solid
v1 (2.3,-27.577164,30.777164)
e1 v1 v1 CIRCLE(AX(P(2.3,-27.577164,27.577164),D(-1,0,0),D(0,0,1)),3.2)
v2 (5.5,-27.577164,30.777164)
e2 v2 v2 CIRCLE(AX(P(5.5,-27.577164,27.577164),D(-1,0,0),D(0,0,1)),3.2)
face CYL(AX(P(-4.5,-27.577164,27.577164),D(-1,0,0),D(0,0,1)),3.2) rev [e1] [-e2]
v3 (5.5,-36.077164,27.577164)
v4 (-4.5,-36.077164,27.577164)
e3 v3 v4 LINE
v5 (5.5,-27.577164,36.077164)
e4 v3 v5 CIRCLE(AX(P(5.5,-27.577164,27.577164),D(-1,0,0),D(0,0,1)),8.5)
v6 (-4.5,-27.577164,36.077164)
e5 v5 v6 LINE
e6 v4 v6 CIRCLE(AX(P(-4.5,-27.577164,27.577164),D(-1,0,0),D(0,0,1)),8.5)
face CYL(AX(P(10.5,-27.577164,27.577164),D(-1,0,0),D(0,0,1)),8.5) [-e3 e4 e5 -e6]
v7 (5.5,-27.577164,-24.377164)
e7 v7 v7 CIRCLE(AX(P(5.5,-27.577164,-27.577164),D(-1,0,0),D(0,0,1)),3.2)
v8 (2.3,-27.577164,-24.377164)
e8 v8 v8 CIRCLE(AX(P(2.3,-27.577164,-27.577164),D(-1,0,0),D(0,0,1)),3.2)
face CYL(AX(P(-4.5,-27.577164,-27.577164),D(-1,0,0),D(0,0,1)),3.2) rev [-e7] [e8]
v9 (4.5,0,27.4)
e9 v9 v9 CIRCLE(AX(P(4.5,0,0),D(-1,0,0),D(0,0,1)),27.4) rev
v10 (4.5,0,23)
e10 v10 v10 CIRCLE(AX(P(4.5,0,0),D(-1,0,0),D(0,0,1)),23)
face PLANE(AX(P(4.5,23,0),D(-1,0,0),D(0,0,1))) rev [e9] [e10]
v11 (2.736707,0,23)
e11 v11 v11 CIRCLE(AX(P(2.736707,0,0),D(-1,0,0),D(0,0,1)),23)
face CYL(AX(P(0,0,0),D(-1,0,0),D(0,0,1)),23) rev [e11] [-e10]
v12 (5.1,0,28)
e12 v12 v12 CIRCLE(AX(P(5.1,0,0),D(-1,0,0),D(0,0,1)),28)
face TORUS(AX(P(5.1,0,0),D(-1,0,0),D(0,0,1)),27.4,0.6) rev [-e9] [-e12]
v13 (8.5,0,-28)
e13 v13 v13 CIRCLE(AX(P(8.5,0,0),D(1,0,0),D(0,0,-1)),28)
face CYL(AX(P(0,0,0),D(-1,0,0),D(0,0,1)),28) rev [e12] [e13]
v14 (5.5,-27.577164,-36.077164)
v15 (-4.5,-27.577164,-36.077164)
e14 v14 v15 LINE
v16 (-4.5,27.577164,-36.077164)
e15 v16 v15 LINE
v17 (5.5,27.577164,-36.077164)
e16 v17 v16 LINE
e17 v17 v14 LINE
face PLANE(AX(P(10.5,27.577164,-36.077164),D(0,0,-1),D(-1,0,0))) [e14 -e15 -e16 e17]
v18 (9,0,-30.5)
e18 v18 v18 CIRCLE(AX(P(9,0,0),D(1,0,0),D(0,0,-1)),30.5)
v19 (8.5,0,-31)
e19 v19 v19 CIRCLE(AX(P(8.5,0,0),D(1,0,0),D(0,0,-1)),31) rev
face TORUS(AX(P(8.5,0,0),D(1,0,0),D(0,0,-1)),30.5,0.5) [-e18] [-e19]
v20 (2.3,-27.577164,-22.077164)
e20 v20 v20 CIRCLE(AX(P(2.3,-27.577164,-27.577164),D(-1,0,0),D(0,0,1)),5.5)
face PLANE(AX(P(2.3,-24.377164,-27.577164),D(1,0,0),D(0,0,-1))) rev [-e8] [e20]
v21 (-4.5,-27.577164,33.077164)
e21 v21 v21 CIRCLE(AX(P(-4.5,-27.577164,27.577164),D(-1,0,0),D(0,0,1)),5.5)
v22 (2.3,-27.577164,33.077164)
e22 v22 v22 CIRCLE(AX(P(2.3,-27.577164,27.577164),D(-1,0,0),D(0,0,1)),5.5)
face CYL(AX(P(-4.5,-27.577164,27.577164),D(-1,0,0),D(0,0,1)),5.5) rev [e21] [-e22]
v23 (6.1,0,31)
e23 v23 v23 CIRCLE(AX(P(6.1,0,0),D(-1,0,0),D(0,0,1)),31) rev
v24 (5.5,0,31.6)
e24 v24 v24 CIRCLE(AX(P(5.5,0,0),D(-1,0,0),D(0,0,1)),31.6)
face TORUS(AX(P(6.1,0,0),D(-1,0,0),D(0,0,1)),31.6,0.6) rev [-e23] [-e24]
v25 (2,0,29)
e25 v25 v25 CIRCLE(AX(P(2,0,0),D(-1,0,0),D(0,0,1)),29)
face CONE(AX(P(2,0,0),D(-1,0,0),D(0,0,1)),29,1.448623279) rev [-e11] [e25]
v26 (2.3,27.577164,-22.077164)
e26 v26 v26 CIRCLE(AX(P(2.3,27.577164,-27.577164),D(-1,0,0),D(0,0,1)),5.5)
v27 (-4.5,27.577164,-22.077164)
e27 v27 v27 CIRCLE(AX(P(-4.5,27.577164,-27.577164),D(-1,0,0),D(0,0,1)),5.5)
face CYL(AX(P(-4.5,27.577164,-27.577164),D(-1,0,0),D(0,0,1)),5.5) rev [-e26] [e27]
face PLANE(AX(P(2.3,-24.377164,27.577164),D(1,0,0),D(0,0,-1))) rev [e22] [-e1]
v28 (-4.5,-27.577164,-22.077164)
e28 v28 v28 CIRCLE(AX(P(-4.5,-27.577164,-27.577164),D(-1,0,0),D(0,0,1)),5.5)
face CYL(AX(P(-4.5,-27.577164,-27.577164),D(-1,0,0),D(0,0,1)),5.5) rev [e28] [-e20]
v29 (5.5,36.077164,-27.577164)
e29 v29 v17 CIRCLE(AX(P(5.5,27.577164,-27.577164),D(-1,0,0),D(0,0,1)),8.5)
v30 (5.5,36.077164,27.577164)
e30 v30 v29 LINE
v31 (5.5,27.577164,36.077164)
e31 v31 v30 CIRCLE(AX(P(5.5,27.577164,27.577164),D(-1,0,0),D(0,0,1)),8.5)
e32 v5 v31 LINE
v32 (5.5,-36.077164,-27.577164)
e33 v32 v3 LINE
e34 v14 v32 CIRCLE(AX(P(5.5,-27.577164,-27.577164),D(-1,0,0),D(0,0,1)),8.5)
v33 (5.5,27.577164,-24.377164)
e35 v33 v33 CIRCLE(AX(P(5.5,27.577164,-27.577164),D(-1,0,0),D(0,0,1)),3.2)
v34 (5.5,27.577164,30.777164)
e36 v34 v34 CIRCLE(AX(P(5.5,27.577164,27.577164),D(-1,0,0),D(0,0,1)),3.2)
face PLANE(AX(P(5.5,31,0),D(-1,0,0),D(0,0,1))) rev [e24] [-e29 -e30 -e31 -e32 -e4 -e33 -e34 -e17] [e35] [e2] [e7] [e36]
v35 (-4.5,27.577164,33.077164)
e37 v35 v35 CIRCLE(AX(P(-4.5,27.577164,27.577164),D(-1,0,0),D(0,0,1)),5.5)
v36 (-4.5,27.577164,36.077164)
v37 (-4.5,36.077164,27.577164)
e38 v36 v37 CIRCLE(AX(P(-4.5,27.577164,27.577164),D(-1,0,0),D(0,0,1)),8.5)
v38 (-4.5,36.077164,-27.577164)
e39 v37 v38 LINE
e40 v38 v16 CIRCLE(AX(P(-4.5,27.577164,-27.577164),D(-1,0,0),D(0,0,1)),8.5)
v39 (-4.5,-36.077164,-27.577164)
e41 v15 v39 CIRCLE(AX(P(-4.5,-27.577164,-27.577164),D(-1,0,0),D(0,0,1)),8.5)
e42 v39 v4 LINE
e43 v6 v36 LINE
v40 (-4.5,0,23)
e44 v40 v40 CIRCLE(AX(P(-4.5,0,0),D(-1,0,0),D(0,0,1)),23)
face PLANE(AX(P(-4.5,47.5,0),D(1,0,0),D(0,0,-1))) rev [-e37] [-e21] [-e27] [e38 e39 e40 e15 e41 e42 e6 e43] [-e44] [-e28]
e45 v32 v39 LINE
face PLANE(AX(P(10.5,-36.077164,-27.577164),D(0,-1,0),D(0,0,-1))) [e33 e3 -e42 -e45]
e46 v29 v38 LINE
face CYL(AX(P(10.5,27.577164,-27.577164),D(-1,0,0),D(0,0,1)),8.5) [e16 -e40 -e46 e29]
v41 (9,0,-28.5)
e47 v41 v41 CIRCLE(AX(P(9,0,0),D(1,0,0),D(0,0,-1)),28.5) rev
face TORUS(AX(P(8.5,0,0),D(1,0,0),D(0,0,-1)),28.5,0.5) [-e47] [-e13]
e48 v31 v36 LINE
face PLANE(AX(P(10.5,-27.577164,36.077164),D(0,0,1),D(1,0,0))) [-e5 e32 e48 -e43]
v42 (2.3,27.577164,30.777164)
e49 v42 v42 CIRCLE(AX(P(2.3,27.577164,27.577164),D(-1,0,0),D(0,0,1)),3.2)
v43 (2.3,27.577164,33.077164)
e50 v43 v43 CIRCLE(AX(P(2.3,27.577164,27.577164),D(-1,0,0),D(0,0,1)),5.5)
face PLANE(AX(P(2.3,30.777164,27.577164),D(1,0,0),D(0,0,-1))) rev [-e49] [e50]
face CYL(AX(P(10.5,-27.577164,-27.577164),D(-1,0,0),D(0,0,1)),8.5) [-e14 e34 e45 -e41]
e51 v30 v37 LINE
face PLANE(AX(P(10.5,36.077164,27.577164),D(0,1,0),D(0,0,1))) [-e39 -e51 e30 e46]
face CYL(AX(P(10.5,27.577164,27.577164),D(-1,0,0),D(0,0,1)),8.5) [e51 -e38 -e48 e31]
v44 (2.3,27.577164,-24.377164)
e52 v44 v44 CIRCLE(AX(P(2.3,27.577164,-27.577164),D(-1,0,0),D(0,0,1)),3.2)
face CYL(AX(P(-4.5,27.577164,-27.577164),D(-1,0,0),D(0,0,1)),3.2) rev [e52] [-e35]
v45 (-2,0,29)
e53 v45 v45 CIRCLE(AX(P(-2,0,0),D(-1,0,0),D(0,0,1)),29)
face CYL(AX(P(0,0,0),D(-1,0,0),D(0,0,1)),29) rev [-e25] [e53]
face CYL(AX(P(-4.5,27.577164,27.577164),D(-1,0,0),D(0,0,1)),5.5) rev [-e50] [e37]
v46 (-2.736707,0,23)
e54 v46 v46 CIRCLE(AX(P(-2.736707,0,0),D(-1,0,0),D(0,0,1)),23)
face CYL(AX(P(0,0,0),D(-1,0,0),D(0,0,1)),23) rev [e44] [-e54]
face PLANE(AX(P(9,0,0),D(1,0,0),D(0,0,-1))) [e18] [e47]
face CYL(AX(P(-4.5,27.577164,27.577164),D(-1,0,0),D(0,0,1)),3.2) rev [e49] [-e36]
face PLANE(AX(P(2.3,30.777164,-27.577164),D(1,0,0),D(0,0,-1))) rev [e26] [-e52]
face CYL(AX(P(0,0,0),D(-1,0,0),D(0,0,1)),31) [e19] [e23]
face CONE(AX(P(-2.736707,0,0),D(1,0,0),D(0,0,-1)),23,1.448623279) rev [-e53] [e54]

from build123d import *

# Parameters (mm, degrees)
HOLE_WIZARD_M61_D           = 6.4
HOLE_WIZARD_M61_CBORE_D     = 11
HOLE_WIZARD_M61_CBORE_DEPTH = 6.8
SKETCH_4_OUTSIDE_W          = 124.038
SKETCH_4_OUTSIDE_H          = 124.038
CUT_EXTRUDE_1_DEPTH         = 16
SKETCH_5_R                  = 31
CUT_EXTRUDE_2_DEPTH         = 1.5
FILLET_1_R                  = 0.6
FILLET_2_R                  = 0.5
FILLET_3_R                  = 0.6


with BuildPart() as part:
    # Эскиз1 → Повернуть1 (revolve)
    with BuildSketch(Plane.XY):
        Polygon((-4.5, 23), (-2.736707365, 23), (-2, 29), (2, 29), (2.736707365, 23), (4.5, 23), (4.5, 28), (10.5, 28), (10.5, 31), (5.5, 31), (5.5, 47.5), (-4.5, 47.5), align=None)
    revolve(axis=Axis((0, 0, 0), (1, 0, 0)))

    # Цековка для  болта с шестигранной головкой M61 (through all)
    with Locations(Plane(origin=(-4.5, 27.577164466, -27.577164466), x_dir=(0, 0, -1), z_dir=(-1, 0, 0))):
        with Locations((0, 0), (-55.154328932, 0), (-55.154328932, 55.154328932), (0, 55.154328932)):
            CounterBoreHole(HOLE_WIZARD_M61_D / 2, HOLE_WIZARD_M61_CBORE_D / 2, HOLE_WIZARD_M61_CBORE_DEPTH)

    # Эскиз4 outside → Вытянуть1 (cut, through all)
    with BuildSketch(Plane.ZY.offset(4.5)):
        Rectangle(SKETCH_4_OUTSIDE_W, SKETCH_4_OUTSIDE_H)
        with BuildLine():
            Line((-36.077164466, 27.577164466), (-36.077164466, -27.577164466))
            ThreePointArc((-36.077164466, -27.577164466), (-33.587572106, -33.587572106), (-27.577164466, -36.077164466))
            Line((-27.577164466, -36.077164466), (27.577164466, -36.077164466))
            ThreePointArc((27.577164466, -36.077164466), (33.587572106, -33.587572106), (36.077164466, -27.577164466))
            Line((36.077164466, -27.577164466), (36.077164466, 27.577164466))
            ThreePointArc((36.077164466, 27.577164466), (33.587572106, 33.587572106), (27.577164466, 36.077164466))
            Line((27.577164466, 36.077164466), (-27.577164466, 36.077164466))
            ThreePointArc((-27.577164466, 36.077164466), (-33.587572106, 33.587572106), (-36.077164466, 27.577164466))
        make_face(mode=Mode.SUBTRACT)
    extrude(amount=-CUT_EXTRUDE_1_DEPTH, mode=Mode.SUBTRACT)

    # Эскиз5 → Вытянуть2 (cut)
    with BuildSketch(Plane(origin=(10.5, 0, 0), x_dir=(0, 0, -1), z_dir=(1, 0, 0))):
        Circle(SKETCH_5_R)
    extrude(amount=-CUT_EXTRUDE_2_DEPTH, mode=Mode.SUBTRACT)

    # Скругление1
    fillet_1_edges = [part.edges().sort_by_distance(p)[0] for p in [
        (5.5, -31, 0),
    ]]
    fillet(fillet_1_edges, radius=FILLET_1_R)

    # Скругление2
    fillet_2_edges = [part.edges().sort_by_distance(p)[0] for p in [
        (9, -31, 0),
        (9, -28, 0),
    ]]
    fillet(fillet_2_edges, radius=FILLET_2_R)

    # Скругление3
    fillet_3_edges = [part.edges().sort_by_distance(p)[0] for p in [
        (4.5, -28, 0),
    ]]
    fillet(fillet_3_edges, radius=FILLET_3_R)


solid = part.part
